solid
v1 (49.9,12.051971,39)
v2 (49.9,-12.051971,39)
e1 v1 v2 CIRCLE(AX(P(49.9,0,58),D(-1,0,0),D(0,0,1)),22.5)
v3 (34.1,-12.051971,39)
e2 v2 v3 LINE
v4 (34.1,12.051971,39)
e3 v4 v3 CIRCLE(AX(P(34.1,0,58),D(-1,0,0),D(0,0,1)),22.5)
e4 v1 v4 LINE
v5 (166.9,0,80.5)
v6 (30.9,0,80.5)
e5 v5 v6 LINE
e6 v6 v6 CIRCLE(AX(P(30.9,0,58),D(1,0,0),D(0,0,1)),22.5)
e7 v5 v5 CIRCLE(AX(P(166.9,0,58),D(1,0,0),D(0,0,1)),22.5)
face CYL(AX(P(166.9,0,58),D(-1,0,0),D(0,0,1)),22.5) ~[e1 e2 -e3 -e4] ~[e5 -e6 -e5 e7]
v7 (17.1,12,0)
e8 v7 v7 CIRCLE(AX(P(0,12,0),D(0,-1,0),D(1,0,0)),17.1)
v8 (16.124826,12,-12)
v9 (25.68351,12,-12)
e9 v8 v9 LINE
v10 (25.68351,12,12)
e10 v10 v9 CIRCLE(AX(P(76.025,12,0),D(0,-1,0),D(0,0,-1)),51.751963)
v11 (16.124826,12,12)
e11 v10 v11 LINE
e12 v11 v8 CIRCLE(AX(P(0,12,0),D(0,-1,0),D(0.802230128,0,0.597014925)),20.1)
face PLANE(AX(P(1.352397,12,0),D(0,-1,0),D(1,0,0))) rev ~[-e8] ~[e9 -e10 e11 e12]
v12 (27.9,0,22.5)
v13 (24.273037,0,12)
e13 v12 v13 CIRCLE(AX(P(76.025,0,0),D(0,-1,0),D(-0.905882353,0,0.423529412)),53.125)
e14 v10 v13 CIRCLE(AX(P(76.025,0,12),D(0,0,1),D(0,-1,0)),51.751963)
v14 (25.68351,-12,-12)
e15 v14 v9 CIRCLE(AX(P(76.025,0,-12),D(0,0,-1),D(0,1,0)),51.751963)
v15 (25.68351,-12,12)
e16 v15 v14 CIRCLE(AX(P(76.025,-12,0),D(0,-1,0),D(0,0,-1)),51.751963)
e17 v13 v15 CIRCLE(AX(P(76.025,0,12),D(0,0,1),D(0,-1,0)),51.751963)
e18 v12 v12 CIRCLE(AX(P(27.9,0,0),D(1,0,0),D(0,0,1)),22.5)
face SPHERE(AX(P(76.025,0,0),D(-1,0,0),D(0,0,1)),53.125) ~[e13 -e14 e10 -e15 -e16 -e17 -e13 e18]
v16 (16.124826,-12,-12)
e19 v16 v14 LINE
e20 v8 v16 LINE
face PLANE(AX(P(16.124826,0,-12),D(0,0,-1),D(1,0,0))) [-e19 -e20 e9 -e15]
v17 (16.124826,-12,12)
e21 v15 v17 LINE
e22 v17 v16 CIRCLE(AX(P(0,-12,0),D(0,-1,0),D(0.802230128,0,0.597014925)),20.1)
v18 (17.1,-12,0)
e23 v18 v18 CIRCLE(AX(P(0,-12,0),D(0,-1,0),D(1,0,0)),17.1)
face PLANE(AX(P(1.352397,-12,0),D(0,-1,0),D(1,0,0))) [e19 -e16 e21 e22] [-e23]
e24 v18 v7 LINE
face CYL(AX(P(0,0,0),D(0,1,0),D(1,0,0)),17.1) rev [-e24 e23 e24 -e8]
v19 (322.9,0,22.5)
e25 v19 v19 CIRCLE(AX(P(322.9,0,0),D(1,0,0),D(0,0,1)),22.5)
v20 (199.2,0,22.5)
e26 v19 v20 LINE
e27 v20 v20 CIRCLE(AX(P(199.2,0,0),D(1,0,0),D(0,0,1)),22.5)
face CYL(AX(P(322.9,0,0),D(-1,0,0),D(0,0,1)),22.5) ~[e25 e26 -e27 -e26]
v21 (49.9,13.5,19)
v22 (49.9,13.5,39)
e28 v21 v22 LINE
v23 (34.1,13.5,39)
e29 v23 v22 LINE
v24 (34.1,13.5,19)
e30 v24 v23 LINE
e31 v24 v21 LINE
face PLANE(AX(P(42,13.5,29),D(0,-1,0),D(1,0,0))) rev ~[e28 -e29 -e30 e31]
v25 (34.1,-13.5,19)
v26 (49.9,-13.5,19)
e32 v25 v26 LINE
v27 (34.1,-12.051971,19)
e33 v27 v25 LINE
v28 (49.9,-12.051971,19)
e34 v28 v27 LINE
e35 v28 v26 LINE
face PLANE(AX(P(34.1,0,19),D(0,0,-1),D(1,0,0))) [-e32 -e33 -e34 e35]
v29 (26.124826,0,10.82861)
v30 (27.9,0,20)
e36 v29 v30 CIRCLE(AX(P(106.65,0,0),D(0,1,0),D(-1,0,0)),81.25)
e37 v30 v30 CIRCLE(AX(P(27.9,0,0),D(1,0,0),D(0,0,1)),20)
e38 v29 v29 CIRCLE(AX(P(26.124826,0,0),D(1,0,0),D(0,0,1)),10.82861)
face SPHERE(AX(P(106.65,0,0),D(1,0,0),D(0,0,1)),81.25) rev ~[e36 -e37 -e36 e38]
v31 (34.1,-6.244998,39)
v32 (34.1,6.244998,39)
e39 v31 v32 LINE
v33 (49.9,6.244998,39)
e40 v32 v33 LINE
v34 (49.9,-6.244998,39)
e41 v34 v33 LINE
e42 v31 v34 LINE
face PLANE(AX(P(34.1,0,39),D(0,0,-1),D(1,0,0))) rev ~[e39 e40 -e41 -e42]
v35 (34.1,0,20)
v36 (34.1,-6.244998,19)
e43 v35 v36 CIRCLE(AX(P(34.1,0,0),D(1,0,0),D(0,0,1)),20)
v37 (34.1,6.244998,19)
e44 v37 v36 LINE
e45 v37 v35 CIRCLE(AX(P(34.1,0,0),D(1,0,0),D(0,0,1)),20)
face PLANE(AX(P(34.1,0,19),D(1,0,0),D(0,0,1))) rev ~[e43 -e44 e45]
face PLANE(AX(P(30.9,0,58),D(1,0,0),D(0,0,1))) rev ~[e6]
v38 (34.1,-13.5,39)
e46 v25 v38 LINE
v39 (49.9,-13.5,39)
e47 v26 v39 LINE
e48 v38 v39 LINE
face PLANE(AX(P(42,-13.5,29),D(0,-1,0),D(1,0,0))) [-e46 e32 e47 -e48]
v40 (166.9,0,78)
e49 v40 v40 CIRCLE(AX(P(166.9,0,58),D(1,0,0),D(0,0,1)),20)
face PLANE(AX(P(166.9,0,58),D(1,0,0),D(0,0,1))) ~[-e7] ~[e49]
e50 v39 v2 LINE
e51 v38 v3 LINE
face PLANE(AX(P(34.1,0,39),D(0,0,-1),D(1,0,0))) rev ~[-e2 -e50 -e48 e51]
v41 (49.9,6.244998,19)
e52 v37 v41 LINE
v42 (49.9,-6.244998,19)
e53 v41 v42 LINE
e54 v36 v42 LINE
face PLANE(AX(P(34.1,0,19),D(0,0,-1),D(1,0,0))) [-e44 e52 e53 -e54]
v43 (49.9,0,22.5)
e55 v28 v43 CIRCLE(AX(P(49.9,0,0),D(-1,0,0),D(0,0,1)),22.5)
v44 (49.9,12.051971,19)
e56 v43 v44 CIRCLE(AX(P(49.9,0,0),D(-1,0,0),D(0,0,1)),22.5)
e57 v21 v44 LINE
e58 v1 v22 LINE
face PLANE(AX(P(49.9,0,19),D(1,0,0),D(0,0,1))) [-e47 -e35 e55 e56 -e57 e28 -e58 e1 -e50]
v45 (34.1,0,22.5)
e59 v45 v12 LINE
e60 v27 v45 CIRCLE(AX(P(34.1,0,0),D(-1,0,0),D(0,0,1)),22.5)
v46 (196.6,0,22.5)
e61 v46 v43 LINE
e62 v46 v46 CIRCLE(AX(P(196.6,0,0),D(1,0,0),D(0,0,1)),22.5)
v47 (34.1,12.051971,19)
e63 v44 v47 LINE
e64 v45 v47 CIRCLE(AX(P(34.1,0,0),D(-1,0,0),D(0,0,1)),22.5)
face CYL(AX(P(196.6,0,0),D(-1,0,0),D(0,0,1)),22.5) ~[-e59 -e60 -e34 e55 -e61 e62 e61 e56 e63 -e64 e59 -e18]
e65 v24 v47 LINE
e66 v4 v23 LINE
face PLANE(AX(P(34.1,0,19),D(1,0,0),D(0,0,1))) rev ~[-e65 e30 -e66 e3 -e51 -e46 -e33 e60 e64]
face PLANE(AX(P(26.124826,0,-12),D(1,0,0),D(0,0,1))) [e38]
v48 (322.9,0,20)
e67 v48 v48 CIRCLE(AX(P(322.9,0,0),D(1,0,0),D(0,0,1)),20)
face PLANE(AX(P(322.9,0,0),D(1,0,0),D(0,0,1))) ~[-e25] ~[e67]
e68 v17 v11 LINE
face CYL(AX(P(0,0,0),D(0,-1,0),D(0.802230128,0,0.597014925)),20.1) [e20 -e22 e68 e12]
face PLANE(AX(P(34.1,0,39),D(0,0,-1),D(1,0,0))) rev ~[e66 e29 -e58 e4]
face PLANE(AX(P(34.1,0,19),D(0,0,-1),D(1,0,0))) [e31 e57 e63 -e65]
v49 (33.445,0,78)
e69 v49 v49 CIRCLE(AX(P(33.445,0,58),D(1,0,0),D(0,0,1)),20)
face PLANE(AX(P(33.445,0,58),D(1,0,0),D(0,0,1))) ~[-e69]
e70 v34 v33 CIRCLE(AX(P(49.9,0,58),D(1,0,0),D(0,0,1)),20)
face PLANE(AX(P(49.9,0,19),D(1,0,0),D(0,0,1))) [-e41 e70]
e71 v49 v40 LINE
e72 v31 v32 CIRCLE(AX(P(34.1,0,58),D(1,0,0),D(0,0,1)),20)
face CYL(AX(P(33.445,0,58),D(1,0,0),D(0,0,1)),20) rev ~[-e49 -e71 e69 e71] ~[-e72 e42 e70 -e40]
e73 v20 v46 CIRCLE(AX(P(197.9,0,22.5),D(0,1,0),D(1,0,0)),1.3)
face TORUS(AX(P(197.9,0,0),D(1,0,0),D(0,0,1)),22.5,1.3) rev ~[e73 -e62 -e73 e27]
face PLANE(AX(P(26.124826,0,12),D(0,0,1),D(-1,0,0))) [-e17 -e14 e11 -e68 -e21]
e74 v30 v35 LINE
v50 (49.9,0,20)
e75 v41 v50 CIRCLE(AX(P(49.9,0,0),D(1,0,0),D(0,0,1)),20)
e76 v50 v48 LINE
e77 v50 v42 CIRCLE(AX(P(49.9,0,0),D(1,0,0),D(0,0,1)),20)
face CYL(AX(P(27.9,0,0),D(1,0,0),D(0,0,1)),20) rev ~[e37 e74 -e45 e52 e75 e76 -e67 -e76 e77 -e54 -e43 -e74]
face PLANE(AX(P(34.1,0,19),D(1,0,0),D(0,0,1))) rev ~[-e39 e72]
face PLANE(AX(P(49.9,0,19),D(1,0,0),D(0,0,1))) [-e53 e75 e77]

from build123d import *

# Parameters (mm, degrees)
F2_R     = 17.1
F3_DEPTH = 12
F6_W     = 15.8
F6_H     = 20
F7_DEPTH = 13.5


with BuildPart() as f1:
    # F0 (on Front) → F1 (revolve)
    with BuildSketch(Plane.XZ):
        with BuildLine():
            Line((27.9, 20), (322.9, 20))
            Line((322.9, 20), (322.9, 22.5))
            Line((322.9, 22.5), (199.2, 22.5))
            ThreePointArc((199.2, 22.5), (197.9, 21.2), (196.6, 22.5))
            Line((196.6, 22.5), (27.9, 22.5))
            Line((27.9, 22.5), (27.9, 20))
        make_face()
        with BuildLine():
            ThreePointArc((25.4, 0), (26.027422517, 10.0778221854), (27.9, 20))
            Line((27.9, 20), (27.9, 22.5))
            ThreePointArc((27.9, 22.5), (24.1650624277, 11.5244305716), (22.9, 0))
            Line((22.9, 0), (25.4, 0))
        make_face()
    revolve(axis=Axis((175.4, 0, 0), (1, 0, 0)))

    # F2 (on Front) → F3 (join, symmetric)
    with BuildSketch(Plane.XZ):
        with BuildLine():
            ThreePointArc((16.1248255805, -12), (19.0803432119, -6.320641021), (20.1, 0))
            ThreePointArc((20.1, 0), (19.0803432119, 6.320641021), (16.1248255805, 12))
            ThreePointArc((16.1248255805, 12), (-20.1, 0), (16.1248255805, -12))
        make_face()
        Circle(F2_R, mode=Mode.SUBTRACT)
        with BuildLine():
            ThreePointArc((16.1248255805, 12), (19.0803432119, 6.320641021), (20.1, 0))
            ThreePointArc((20.1, 0), (19.0803432119, -6.320641021), (16.1248255805, -12))
            Line((16.1248255805, -12), (26.1248255805, -12))
            Line((26.1248255805, -12), (26.1248255805, 12))
            Line((26.1248255805, 12), (16.1248255805, 12))
        make_face()
    extrude(amount=F3_DEPTH, both=True)



with BuildPart() as f5:
    # F4 (on Front) → F5 (revolve)
    with BuildSketch(Plane.XZ):
        Polygon((33.445, 78), (166.9, 78), (166.9, 80.5), (30.9, 80.5), (30.9, 58), (33.445, 58), align=None)
    revolve(axis=Axis((98.9, 0, 58), (1, 0, 0)))


with BuildPart() as f1_1:
    add(f1.part)

    add(f5.part)  # F7 merges F5
    # F6 (on Front) → F7 (join, symmetric)
    with BuildSketch(Plane.XZ):
        with Locations((42, 29)):
            Rectangle(F6_W, F6_H)
    extrude(amount=F7_DEPTH, both=True)


solid = f1_1.part
